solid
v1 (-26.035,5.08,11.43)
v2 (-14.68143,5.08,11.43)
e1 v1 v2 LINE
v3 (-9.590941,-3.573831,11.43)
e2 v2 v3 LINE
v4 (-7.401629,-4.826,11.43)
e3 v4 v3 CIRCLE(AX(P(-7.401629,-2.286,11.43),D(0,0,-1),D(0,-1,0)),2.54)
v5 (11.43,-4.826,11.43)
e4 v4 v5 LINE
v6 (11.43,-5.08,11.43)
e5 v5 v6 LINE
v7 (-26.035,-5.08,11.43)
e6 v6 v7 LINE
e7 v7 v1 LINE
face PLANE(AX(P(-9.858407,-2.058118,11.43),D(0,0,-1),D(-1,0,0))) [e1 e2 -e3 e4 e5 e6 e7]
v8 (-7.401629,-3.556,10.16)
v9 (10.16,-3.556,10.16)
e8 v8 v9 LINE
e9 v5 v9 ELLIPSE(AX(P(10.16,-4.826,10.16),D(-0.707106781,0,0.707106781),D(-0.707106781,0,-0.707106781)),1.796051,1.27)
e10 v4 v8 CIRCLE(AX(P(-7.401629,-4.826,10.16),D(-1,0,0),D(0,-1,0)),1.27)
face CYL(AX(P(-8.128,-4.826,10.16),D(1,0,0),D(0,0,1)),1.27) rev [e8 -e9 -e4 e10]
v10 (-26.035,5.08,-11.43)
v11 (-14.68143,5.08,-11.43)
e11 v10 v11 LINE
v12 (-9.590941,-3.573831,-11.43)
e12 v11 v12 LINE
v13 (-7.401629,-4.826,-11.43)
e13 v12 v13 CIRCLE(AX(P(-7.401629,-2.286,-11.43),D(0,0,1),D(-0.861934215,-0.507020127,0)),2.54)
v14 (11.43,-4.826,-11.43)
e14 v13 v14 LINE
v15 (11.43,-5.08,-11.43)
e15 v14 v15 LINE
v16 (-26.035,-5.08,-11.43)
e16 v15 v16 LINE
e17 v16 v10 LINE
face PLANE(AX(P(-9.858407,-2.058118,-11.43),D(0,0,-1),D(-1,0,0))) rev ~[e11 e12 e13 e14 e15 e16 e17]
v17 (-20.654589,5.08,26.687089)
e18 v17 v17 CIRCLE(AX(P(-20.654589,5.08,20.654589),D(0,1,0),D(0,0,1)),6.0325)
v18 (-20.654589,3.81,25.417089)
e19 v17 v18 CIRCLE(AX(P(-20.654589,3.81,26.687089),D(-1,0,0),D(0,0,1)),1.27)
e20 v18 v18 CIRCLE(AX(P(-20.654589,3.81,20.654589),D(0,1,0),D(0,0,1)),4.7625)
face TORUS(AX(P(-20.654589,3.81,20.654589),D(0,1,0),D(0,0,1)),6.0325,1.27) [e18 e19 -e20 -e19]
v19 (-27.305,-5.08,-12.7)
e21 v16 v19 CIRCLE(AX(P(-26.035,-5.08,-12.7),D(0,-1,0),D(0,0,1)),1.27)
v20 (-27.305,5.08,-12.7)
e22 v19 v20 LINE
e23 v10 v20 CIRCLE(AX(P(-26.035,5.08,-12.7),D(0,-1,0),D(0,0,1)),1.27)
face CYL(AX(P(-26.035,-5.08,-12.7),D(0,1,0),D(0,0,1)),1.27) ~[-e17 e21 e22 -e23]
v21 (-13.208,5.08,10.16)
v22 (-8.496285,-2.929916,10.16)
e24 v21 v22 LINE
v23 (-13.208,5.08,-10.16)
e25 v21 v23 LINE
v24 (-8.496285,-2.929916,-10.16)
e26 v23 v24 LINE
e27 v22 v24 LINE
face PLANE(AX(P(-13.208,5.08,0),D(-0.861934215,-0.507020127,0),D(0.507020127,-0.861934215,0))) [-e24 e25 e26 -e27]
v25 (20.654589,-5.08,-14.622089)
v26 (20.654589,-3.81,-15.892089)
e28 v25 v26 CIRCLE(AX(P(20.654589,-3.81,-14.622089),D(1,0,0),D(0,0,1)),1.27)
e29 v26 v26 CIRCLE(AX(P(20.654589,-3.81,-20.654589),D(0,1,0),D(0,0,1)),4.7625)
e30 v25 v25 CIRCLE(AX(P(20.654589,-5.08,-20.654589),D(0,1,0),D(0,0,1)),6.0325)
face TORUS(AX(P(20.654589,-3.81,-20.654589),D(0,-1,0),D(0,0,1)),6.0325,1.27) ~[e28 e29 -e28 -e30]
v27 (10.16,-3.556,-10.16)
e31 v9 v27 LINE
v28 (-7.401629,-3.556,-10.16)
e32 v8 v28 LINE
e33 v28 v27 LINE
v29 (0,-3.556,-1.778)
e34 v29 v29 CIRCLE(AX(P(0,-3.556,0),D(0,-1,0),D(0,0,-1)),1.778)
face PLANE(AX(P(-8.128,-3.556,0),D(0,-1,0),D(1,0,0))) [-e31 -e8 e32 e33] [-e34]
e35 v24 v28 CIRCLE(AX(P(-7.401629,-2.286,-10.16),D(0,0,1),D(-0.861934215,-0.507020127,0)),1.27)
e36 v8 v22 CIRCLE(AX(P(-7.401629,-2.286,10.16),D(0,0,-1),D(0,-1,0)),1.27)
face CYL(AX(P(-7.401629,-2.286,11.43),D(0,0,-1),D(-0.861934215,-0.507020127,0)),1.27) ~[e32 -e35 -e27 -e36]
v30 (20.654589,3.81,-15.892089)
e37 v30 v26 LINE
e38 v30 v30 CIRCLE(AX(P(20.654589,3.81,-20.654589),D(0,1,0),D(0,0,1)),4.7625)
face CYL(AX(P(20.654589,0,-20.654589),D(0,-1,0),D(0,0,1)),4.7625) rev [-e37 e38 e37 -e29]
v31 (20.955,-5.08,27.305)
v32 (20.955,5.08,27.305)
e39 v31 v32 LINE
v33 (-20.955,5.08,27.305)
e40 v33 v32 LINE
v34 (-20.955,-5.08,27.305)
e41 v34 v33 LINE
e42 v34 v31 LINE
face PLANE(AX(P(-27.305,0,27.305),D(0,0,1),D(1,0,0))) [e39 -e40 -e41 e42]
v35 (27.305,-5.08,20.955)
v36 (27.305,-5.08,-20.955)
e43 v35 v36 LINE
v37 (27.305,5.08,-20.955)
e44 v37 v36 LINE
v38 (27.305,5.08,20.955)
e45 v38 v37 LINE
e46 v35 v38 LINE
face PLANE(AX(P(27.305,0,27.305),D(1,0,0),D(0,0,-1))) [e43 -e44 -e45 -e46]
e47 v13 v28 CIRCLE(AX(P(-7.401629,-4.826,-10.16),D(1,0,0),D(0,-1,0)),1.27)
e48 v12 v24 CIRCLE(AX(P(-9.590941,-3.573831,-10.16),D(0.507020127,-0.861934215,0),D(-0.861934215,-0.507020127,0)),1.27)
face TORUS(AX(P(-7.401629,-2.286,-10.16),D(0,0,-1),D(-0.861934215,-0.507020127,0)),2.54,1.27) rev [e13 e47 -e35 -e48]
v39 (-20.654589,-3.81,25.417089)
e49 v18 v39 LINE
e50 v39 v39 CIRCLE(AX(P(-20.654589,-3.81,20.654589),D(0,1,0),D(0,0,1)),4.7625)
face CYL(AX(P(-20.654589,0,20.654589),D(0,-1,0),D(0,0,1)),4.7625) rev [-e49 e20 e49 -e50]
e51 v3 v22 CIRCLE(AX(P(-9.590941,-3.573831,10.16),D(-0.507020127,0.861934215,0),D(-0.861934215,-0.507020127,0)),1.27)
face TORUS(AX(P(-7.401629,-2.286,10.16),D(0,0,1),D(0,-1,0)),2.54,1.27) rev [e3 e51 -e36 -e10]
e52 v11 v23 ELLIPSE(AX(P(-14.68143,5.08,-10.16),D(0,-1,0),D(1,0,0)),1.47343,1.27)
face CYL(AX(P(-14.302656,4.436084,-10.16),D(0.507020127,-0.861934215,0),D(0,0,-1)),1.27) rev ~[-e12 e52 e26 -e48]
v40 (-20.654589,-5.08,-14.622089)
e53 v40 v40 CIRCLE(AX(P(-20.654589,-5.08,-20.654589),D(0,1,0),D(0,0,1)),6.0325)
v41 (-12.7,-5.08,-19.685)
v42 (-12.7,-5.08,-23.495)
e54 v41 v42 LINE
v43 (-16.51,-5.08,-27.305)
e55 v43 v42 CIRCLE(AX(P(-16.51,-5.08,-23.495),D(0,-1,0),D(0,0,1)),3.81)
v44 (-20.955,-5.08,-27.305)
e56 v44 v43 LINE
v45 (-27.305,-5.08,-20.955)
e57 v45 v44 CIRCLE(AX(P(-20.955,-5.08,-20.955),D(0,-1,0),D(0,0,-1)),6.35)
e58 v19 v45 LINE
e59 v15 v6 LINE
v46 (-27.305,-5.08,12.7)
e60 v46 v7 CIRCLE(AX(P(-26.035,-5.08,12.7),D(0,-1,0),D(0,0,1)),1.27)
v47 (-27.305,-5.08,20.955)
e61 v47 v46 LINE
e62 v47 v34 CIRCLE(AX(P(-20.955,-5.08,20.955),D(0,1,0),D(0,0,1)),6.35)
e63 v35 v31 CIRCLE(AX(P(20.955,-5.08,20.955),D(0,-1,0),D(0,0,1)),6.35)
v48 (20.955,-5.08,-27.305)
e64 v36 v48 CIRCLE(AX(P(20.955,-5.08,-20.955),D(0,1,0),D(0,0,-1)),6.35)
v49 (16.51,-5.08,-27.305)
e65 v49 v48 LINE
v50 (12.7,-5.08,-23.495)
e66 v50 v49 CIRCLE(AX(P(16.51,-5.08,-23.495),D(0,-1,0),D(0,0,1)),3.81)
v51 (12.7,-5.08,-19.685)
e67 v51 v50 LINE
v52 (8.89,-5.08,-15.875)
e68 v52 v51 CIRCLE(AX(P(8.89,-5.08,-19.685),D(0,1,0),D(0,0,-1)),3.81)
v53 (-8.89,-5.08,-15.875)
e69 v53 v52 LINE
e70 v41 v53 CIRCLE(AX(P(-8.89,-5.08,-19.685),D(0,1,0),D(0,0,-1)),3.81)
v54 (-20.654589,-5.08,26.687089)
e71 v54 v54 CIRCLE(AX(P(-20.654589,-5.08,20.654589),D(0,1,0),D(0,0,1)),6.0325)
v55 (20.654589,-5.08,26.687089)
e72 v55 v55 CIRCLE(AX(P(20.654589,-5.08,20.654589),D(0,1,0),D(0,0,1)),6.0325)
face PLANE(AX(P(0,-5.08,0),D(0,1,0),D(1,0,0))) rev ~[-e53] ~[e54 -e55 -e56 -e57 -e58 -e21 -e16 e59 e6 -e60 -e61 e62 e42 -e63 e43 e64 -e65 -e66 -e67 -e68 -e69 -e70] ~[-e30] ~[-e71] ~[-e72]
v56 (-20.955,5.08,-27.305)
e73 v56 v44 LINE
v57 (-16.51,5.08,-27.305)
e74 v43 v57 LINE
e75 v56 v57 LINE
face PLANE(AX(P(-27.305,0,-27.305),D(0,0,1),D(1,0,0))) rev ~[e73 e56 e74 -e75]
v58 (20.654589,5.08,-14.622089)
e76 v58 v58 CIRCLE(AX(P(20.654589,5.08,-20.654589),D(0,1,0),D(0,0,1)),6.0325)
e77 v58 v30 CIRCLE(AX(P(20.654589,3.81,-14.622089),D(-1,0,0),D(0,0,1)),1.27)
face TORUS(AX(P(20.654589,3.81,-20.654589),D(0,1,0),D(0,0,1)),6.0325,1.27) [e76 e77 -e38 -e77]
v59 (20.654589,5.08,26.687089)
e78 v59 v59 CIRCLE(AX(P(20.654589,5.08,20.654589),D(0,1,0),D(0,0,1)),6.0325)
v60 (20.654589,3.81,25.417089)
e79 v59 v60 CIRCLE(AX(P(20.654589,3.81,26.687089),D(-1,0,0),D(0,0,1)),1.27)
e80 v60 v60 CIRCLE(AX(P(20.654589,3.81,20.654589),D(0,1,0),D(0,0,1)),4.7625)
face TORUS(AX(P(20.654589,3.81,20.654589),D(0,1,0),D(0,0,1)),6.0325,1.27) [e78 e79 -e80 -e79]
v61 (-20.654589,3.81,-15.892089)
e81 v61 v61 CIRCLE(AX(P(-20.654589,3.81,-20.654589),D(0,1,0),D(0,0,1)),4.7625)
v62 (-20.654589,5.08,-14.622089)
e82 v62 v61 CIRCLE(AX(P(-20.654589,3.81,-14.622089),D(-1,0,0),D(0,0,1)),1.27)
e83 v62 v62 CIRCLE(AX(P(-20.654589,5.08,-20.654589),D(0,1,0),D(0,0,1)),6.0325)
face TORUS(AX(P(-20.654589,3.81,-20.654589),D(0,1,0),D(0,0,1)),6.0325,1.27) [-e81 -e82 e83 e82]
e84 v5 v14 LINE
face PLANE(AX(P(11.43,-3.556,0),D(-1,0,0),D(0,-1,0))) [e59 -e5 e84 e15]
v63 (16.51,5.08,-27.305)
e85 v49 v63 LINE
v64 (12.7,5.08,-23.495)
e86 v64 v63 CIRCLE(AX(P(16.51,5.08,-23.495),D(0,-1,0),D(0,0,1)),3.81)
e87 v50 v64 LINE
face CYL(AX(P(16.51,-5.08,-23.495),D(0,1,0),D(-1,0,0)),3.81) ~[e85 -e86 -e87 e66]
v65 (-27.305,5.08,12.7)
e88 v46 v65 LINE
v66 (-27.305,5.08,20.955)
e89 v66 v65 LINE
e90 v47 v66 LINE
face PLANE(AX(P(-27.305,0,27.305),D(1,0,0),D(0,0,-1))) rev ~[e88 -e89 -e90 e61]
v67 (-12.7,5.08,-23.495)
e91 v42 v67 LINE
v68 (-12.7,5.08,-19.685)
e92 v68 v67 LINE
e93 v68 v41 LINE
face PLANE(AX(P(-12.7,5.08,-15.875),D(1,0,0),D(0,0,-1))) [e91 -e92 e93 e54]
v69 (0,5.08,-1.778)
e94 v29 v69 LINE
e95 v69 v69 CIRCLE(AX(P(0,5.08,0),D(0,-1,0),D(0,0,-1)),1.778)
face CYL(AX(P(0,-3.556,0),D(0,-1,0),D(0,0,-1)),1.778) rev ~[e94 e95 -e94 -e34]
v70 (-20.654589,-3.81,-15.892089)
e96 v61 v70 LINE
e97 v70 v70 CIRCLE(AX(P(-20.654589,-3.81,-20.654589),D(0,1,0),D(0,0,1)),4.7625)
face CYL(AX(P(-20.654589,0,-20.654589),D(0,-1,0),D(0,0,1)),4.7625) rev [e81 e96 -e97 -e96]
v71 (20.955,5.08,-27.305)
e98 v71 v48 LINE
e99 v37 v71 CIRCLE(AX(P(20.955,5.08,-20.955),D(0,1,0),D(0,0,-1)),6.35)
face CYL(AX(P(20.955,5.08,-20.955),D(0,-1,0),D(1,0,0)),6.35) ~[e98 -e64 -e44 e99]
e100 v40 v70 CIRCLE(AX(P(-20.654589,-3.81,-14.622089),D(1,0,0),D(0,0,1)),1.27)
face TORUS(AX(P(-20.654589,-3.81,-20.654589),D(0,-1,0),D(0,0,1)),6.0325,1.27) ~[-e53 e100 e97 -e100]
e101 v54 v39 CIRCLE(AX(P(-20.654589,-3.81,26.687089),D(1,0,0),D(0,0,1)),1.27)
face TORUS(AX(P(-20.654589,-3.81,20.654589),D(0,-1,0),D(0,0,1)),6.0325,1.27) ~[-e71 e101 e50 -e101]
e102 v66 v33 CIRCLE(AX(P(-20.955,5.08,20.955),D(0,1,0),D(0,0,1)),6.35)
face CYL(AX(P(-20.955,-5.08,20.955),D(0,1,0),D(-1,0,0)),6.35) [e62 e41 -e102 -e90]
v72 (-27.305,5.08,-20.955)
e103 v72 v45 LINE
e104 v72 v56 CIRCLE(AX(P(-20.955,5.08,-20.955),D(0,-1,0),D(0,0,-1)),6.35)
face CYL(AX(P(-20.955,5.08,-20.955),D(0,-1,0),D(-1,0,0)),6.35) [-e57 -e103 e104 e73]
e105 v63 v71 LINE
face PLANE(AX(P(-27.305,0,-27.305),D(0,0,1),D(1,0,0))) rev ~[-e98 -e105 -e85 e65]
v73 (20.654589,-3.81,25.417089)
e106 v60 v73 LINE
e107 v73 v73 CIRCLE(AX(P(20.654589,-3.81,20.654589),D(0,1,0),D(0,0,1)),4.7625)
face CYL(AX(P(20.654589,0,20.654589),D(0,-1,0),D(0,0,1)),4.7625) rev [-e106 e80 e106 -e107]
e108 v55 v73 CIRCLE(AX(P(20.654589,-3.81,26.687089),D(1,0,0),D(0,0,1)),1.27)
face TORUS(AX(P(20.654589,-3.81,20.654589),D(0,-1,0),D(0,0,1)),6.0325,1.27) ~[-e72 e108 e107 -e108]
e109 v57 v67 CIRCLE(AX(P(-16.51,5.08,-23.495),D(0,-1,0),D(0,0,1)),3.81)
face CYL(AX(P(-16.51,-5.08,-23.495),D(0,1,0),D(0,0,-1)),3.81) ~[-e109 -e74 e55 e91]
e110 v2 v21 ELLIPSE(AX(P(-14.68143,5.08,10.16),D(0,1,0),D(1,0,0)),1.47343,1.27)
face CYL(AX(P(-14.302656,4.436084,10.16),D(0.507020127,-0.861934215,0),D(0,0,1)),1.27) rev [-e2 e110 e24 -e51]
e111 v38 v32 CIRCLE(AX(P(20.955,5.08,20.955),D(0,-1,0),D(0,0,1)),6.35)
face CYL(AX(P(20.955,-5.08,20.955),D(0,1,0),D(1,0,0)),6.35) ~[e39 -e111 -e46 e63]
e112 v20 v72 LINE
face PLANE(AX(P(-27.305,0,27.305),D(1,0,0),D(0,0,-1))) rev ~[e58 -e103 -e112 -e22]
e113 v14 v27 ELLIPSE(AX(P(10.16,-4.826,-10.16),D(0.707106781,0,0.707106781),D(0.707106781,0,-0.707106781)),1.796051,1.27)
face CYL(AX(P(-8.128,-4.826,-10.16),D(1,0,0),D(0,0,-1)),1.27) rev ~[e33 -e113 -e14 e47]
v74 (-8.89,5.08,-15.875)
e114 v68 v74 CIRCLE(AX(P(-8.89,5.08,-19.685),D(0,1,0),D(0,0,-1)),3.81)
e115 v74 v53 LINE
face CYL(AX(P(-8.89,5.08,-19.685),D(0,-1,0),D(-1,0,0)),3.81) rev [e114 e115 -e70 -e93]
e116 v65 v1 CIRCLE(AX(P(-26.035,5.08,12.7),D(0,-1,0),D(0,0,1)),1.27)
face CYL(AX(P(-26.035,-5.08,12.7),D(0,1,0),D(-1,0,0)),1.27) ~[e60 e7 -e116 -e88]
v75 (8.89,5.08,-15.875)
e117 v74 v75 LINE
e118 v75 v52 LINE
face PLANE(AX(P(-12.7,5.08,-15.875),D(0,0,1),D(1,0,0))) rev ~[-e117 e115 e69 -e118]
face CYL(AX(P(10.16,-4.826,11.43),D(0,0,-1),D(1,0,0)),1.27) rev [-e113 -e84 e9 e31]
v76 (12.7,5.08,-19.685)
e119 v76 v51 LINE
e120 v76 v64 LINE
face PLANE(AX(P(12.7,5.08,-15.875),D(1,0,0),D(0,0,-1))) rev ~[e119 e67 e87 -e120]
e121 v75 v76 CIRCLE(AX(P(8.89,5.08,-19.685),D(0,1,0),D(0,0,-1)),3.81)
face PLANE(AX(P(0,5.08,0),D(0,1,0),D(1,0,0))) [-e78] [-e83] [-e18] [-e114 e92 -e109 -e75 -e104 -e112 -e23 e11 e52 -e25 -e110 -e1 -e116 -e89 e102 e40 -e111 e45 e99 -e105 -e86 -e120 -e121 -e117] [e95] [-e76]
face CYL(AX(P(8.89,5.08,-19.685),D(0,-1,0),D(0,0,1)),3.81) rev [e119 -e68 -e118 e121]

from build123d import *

# Parameters (mm, degrees)
SKETCH1_W           = 54.61
SKETCH1_H           = 54.61
SKETCH1_R           = 4.7625
BOSS_EXTRUDE1_DEPTH = 5.08
FILLET1_R           = 6.35
FILLET2_R           = 1.27
CUT_EXTRUDE1_DEPTH  = 11.43
SKETCH5_R           = 1.778
CUT_EXTRUDE2_DEPTH  = 40.569009919
FILLET3_R           = 1.27
SKETCH6_W           = 25.4
SKETCH6_H           = 22.86
CUT_EXTRUDE3_DEPTH  = 40.929333203
FILLET4_R           = 3.81


with BuildPart() as part:
    # Sketch1 → Boss-Extrude1 (new, symmetric)
    with BuildSketch(Plane(origin=(0, 0, 0), x_dir=(1, 0, 0), z_dir=(0, 1, 0))):
        Rectangle(SKETCH1_W, SKETCH1_H)
        with Locations(Location((-20.654589078, 20.654589078, 0), (0, 0, 270))):
            Circle(SKETCH1_R, mode=Mode.SUBTRACT)
        with Locations(Location((20.654589078, 20.654589078, 0), (0, 0, 270))):
            Circle(SKETCH1_R, mode=Mode.SUBTRACT)
        with Locations(Location((20.654589078, -20.654589078, 0), (0, 0, 270))):
            Circle(SKETCH1_R, mode=Mode.SUBTRACT)
        with Locations(Location((-20.654589078, -20.654589078, 0), (0, 0, 270))):
            Circle(SKETCH1_R, mode=Mode.SUBTRACT)
    extrude(amount=BOSS_EXTRUDE1_DEPTH, both=True)

    # Fillet1
    fillet1_edges = [part.edges().sort_by_distance(p)[0] for p in [
        (-27.305, 0, -27.305),
        (27.305, 0, -27.305),
        (27.305, 0, 27.305),
        (-27.305, 0, 27.305),
    ]]
    fillet(fillet1_edges, radius=FILLET1_R)

    # Fillet2
    fillet2_edges = [part.edges().sort_by_distance(p)[0] for p in [
        (-20.654589078, -5.08, -25.417089078),
        (-20.654589078, 5.08, -25.417089078),
        (20.654589078, -5.08, -25.417089078),
        (20.654589078, 5.08, -25.417089078),
        (20.654589078, -5.08, 15.892089078),
        (20.654589078, 5.08, 15.892089078),
        (-20.654589078, -5.08, 15.892089078),
        (-20.654589078, 5.08, 15.892089078),
    ]]
    fillet(fillet2_edges, radius=FILLET2_R)

    # Sketch4 → Cut-Extrude1 (cut, symmetric)
    with BuildSketch(Plane.XY):
        Polygon((-27.305, 5.08), (-13.208, 5.08), (-8.128, -3.556), (11.43, -3.556), (11.43, -5.08), (-27.305, -5.08), align=None)
    extrude(amount=CUT_EXTRUDE1_DEPTH, both=True, mode=Mode.SUBTRACT)

    # Sketch5 → Cut-Extrude2 (cut, through all)
    with BuildSketch(Plane.XZ.offset(3.556)):
        with Locations(Location((0, 0, 0), (0, 0, 270))):
            Circle(SKETCH5_R)
    extrude(amount=-CUT_EXTRUDE2_DEPTH, mode=Mode.SUBTRACT)

    # Fillet3
    fillet3_edges = [part.edges().sort_by_distance(p)[0] for p in [
        (-27.305, 0, -11.43),
        (-10.668, 0.762, -11.43),
        (1.651, -3.556, -11.43),
        (-8.128, -3.556, 0),
        (11.43, -3.556, 0),
        (-27.305, 0, 11.43),
        (1.651, -3.556, 11.43),
        (-10.668, 0.762, 11.43),
    ]]
    fillet(fillet3_edges, radius=FILLET3_R)

    # Sketch6 → Cut-Extrude3 (cut, through all)
    with BuildSketch(Plane(origin=(0, 5.08, 0), x_dir=(1, 0, 0), z_dir=(0, 1, 0))):
        with Locations((0, 27.305)):
            Rectangle(SKETCH6_W, SKETCH6_H)
    extrude(amount=-CUT_EXTRUDE3_DEPTH, mode=Mode.SUBTRACT)

    # Fillet4
    fillet4_edges = [part.edges().sort_by_distance(p)[0] for p in [
        (-12.7, 0, -27.305),
        (12.7, 0, -27.305),
        (-12.7, 0, -15.875),
        (12.7, 0, -15.875),
    ]]
    fillet(fillet4_edges, radius=FILLET4_R)


solid = part.part
